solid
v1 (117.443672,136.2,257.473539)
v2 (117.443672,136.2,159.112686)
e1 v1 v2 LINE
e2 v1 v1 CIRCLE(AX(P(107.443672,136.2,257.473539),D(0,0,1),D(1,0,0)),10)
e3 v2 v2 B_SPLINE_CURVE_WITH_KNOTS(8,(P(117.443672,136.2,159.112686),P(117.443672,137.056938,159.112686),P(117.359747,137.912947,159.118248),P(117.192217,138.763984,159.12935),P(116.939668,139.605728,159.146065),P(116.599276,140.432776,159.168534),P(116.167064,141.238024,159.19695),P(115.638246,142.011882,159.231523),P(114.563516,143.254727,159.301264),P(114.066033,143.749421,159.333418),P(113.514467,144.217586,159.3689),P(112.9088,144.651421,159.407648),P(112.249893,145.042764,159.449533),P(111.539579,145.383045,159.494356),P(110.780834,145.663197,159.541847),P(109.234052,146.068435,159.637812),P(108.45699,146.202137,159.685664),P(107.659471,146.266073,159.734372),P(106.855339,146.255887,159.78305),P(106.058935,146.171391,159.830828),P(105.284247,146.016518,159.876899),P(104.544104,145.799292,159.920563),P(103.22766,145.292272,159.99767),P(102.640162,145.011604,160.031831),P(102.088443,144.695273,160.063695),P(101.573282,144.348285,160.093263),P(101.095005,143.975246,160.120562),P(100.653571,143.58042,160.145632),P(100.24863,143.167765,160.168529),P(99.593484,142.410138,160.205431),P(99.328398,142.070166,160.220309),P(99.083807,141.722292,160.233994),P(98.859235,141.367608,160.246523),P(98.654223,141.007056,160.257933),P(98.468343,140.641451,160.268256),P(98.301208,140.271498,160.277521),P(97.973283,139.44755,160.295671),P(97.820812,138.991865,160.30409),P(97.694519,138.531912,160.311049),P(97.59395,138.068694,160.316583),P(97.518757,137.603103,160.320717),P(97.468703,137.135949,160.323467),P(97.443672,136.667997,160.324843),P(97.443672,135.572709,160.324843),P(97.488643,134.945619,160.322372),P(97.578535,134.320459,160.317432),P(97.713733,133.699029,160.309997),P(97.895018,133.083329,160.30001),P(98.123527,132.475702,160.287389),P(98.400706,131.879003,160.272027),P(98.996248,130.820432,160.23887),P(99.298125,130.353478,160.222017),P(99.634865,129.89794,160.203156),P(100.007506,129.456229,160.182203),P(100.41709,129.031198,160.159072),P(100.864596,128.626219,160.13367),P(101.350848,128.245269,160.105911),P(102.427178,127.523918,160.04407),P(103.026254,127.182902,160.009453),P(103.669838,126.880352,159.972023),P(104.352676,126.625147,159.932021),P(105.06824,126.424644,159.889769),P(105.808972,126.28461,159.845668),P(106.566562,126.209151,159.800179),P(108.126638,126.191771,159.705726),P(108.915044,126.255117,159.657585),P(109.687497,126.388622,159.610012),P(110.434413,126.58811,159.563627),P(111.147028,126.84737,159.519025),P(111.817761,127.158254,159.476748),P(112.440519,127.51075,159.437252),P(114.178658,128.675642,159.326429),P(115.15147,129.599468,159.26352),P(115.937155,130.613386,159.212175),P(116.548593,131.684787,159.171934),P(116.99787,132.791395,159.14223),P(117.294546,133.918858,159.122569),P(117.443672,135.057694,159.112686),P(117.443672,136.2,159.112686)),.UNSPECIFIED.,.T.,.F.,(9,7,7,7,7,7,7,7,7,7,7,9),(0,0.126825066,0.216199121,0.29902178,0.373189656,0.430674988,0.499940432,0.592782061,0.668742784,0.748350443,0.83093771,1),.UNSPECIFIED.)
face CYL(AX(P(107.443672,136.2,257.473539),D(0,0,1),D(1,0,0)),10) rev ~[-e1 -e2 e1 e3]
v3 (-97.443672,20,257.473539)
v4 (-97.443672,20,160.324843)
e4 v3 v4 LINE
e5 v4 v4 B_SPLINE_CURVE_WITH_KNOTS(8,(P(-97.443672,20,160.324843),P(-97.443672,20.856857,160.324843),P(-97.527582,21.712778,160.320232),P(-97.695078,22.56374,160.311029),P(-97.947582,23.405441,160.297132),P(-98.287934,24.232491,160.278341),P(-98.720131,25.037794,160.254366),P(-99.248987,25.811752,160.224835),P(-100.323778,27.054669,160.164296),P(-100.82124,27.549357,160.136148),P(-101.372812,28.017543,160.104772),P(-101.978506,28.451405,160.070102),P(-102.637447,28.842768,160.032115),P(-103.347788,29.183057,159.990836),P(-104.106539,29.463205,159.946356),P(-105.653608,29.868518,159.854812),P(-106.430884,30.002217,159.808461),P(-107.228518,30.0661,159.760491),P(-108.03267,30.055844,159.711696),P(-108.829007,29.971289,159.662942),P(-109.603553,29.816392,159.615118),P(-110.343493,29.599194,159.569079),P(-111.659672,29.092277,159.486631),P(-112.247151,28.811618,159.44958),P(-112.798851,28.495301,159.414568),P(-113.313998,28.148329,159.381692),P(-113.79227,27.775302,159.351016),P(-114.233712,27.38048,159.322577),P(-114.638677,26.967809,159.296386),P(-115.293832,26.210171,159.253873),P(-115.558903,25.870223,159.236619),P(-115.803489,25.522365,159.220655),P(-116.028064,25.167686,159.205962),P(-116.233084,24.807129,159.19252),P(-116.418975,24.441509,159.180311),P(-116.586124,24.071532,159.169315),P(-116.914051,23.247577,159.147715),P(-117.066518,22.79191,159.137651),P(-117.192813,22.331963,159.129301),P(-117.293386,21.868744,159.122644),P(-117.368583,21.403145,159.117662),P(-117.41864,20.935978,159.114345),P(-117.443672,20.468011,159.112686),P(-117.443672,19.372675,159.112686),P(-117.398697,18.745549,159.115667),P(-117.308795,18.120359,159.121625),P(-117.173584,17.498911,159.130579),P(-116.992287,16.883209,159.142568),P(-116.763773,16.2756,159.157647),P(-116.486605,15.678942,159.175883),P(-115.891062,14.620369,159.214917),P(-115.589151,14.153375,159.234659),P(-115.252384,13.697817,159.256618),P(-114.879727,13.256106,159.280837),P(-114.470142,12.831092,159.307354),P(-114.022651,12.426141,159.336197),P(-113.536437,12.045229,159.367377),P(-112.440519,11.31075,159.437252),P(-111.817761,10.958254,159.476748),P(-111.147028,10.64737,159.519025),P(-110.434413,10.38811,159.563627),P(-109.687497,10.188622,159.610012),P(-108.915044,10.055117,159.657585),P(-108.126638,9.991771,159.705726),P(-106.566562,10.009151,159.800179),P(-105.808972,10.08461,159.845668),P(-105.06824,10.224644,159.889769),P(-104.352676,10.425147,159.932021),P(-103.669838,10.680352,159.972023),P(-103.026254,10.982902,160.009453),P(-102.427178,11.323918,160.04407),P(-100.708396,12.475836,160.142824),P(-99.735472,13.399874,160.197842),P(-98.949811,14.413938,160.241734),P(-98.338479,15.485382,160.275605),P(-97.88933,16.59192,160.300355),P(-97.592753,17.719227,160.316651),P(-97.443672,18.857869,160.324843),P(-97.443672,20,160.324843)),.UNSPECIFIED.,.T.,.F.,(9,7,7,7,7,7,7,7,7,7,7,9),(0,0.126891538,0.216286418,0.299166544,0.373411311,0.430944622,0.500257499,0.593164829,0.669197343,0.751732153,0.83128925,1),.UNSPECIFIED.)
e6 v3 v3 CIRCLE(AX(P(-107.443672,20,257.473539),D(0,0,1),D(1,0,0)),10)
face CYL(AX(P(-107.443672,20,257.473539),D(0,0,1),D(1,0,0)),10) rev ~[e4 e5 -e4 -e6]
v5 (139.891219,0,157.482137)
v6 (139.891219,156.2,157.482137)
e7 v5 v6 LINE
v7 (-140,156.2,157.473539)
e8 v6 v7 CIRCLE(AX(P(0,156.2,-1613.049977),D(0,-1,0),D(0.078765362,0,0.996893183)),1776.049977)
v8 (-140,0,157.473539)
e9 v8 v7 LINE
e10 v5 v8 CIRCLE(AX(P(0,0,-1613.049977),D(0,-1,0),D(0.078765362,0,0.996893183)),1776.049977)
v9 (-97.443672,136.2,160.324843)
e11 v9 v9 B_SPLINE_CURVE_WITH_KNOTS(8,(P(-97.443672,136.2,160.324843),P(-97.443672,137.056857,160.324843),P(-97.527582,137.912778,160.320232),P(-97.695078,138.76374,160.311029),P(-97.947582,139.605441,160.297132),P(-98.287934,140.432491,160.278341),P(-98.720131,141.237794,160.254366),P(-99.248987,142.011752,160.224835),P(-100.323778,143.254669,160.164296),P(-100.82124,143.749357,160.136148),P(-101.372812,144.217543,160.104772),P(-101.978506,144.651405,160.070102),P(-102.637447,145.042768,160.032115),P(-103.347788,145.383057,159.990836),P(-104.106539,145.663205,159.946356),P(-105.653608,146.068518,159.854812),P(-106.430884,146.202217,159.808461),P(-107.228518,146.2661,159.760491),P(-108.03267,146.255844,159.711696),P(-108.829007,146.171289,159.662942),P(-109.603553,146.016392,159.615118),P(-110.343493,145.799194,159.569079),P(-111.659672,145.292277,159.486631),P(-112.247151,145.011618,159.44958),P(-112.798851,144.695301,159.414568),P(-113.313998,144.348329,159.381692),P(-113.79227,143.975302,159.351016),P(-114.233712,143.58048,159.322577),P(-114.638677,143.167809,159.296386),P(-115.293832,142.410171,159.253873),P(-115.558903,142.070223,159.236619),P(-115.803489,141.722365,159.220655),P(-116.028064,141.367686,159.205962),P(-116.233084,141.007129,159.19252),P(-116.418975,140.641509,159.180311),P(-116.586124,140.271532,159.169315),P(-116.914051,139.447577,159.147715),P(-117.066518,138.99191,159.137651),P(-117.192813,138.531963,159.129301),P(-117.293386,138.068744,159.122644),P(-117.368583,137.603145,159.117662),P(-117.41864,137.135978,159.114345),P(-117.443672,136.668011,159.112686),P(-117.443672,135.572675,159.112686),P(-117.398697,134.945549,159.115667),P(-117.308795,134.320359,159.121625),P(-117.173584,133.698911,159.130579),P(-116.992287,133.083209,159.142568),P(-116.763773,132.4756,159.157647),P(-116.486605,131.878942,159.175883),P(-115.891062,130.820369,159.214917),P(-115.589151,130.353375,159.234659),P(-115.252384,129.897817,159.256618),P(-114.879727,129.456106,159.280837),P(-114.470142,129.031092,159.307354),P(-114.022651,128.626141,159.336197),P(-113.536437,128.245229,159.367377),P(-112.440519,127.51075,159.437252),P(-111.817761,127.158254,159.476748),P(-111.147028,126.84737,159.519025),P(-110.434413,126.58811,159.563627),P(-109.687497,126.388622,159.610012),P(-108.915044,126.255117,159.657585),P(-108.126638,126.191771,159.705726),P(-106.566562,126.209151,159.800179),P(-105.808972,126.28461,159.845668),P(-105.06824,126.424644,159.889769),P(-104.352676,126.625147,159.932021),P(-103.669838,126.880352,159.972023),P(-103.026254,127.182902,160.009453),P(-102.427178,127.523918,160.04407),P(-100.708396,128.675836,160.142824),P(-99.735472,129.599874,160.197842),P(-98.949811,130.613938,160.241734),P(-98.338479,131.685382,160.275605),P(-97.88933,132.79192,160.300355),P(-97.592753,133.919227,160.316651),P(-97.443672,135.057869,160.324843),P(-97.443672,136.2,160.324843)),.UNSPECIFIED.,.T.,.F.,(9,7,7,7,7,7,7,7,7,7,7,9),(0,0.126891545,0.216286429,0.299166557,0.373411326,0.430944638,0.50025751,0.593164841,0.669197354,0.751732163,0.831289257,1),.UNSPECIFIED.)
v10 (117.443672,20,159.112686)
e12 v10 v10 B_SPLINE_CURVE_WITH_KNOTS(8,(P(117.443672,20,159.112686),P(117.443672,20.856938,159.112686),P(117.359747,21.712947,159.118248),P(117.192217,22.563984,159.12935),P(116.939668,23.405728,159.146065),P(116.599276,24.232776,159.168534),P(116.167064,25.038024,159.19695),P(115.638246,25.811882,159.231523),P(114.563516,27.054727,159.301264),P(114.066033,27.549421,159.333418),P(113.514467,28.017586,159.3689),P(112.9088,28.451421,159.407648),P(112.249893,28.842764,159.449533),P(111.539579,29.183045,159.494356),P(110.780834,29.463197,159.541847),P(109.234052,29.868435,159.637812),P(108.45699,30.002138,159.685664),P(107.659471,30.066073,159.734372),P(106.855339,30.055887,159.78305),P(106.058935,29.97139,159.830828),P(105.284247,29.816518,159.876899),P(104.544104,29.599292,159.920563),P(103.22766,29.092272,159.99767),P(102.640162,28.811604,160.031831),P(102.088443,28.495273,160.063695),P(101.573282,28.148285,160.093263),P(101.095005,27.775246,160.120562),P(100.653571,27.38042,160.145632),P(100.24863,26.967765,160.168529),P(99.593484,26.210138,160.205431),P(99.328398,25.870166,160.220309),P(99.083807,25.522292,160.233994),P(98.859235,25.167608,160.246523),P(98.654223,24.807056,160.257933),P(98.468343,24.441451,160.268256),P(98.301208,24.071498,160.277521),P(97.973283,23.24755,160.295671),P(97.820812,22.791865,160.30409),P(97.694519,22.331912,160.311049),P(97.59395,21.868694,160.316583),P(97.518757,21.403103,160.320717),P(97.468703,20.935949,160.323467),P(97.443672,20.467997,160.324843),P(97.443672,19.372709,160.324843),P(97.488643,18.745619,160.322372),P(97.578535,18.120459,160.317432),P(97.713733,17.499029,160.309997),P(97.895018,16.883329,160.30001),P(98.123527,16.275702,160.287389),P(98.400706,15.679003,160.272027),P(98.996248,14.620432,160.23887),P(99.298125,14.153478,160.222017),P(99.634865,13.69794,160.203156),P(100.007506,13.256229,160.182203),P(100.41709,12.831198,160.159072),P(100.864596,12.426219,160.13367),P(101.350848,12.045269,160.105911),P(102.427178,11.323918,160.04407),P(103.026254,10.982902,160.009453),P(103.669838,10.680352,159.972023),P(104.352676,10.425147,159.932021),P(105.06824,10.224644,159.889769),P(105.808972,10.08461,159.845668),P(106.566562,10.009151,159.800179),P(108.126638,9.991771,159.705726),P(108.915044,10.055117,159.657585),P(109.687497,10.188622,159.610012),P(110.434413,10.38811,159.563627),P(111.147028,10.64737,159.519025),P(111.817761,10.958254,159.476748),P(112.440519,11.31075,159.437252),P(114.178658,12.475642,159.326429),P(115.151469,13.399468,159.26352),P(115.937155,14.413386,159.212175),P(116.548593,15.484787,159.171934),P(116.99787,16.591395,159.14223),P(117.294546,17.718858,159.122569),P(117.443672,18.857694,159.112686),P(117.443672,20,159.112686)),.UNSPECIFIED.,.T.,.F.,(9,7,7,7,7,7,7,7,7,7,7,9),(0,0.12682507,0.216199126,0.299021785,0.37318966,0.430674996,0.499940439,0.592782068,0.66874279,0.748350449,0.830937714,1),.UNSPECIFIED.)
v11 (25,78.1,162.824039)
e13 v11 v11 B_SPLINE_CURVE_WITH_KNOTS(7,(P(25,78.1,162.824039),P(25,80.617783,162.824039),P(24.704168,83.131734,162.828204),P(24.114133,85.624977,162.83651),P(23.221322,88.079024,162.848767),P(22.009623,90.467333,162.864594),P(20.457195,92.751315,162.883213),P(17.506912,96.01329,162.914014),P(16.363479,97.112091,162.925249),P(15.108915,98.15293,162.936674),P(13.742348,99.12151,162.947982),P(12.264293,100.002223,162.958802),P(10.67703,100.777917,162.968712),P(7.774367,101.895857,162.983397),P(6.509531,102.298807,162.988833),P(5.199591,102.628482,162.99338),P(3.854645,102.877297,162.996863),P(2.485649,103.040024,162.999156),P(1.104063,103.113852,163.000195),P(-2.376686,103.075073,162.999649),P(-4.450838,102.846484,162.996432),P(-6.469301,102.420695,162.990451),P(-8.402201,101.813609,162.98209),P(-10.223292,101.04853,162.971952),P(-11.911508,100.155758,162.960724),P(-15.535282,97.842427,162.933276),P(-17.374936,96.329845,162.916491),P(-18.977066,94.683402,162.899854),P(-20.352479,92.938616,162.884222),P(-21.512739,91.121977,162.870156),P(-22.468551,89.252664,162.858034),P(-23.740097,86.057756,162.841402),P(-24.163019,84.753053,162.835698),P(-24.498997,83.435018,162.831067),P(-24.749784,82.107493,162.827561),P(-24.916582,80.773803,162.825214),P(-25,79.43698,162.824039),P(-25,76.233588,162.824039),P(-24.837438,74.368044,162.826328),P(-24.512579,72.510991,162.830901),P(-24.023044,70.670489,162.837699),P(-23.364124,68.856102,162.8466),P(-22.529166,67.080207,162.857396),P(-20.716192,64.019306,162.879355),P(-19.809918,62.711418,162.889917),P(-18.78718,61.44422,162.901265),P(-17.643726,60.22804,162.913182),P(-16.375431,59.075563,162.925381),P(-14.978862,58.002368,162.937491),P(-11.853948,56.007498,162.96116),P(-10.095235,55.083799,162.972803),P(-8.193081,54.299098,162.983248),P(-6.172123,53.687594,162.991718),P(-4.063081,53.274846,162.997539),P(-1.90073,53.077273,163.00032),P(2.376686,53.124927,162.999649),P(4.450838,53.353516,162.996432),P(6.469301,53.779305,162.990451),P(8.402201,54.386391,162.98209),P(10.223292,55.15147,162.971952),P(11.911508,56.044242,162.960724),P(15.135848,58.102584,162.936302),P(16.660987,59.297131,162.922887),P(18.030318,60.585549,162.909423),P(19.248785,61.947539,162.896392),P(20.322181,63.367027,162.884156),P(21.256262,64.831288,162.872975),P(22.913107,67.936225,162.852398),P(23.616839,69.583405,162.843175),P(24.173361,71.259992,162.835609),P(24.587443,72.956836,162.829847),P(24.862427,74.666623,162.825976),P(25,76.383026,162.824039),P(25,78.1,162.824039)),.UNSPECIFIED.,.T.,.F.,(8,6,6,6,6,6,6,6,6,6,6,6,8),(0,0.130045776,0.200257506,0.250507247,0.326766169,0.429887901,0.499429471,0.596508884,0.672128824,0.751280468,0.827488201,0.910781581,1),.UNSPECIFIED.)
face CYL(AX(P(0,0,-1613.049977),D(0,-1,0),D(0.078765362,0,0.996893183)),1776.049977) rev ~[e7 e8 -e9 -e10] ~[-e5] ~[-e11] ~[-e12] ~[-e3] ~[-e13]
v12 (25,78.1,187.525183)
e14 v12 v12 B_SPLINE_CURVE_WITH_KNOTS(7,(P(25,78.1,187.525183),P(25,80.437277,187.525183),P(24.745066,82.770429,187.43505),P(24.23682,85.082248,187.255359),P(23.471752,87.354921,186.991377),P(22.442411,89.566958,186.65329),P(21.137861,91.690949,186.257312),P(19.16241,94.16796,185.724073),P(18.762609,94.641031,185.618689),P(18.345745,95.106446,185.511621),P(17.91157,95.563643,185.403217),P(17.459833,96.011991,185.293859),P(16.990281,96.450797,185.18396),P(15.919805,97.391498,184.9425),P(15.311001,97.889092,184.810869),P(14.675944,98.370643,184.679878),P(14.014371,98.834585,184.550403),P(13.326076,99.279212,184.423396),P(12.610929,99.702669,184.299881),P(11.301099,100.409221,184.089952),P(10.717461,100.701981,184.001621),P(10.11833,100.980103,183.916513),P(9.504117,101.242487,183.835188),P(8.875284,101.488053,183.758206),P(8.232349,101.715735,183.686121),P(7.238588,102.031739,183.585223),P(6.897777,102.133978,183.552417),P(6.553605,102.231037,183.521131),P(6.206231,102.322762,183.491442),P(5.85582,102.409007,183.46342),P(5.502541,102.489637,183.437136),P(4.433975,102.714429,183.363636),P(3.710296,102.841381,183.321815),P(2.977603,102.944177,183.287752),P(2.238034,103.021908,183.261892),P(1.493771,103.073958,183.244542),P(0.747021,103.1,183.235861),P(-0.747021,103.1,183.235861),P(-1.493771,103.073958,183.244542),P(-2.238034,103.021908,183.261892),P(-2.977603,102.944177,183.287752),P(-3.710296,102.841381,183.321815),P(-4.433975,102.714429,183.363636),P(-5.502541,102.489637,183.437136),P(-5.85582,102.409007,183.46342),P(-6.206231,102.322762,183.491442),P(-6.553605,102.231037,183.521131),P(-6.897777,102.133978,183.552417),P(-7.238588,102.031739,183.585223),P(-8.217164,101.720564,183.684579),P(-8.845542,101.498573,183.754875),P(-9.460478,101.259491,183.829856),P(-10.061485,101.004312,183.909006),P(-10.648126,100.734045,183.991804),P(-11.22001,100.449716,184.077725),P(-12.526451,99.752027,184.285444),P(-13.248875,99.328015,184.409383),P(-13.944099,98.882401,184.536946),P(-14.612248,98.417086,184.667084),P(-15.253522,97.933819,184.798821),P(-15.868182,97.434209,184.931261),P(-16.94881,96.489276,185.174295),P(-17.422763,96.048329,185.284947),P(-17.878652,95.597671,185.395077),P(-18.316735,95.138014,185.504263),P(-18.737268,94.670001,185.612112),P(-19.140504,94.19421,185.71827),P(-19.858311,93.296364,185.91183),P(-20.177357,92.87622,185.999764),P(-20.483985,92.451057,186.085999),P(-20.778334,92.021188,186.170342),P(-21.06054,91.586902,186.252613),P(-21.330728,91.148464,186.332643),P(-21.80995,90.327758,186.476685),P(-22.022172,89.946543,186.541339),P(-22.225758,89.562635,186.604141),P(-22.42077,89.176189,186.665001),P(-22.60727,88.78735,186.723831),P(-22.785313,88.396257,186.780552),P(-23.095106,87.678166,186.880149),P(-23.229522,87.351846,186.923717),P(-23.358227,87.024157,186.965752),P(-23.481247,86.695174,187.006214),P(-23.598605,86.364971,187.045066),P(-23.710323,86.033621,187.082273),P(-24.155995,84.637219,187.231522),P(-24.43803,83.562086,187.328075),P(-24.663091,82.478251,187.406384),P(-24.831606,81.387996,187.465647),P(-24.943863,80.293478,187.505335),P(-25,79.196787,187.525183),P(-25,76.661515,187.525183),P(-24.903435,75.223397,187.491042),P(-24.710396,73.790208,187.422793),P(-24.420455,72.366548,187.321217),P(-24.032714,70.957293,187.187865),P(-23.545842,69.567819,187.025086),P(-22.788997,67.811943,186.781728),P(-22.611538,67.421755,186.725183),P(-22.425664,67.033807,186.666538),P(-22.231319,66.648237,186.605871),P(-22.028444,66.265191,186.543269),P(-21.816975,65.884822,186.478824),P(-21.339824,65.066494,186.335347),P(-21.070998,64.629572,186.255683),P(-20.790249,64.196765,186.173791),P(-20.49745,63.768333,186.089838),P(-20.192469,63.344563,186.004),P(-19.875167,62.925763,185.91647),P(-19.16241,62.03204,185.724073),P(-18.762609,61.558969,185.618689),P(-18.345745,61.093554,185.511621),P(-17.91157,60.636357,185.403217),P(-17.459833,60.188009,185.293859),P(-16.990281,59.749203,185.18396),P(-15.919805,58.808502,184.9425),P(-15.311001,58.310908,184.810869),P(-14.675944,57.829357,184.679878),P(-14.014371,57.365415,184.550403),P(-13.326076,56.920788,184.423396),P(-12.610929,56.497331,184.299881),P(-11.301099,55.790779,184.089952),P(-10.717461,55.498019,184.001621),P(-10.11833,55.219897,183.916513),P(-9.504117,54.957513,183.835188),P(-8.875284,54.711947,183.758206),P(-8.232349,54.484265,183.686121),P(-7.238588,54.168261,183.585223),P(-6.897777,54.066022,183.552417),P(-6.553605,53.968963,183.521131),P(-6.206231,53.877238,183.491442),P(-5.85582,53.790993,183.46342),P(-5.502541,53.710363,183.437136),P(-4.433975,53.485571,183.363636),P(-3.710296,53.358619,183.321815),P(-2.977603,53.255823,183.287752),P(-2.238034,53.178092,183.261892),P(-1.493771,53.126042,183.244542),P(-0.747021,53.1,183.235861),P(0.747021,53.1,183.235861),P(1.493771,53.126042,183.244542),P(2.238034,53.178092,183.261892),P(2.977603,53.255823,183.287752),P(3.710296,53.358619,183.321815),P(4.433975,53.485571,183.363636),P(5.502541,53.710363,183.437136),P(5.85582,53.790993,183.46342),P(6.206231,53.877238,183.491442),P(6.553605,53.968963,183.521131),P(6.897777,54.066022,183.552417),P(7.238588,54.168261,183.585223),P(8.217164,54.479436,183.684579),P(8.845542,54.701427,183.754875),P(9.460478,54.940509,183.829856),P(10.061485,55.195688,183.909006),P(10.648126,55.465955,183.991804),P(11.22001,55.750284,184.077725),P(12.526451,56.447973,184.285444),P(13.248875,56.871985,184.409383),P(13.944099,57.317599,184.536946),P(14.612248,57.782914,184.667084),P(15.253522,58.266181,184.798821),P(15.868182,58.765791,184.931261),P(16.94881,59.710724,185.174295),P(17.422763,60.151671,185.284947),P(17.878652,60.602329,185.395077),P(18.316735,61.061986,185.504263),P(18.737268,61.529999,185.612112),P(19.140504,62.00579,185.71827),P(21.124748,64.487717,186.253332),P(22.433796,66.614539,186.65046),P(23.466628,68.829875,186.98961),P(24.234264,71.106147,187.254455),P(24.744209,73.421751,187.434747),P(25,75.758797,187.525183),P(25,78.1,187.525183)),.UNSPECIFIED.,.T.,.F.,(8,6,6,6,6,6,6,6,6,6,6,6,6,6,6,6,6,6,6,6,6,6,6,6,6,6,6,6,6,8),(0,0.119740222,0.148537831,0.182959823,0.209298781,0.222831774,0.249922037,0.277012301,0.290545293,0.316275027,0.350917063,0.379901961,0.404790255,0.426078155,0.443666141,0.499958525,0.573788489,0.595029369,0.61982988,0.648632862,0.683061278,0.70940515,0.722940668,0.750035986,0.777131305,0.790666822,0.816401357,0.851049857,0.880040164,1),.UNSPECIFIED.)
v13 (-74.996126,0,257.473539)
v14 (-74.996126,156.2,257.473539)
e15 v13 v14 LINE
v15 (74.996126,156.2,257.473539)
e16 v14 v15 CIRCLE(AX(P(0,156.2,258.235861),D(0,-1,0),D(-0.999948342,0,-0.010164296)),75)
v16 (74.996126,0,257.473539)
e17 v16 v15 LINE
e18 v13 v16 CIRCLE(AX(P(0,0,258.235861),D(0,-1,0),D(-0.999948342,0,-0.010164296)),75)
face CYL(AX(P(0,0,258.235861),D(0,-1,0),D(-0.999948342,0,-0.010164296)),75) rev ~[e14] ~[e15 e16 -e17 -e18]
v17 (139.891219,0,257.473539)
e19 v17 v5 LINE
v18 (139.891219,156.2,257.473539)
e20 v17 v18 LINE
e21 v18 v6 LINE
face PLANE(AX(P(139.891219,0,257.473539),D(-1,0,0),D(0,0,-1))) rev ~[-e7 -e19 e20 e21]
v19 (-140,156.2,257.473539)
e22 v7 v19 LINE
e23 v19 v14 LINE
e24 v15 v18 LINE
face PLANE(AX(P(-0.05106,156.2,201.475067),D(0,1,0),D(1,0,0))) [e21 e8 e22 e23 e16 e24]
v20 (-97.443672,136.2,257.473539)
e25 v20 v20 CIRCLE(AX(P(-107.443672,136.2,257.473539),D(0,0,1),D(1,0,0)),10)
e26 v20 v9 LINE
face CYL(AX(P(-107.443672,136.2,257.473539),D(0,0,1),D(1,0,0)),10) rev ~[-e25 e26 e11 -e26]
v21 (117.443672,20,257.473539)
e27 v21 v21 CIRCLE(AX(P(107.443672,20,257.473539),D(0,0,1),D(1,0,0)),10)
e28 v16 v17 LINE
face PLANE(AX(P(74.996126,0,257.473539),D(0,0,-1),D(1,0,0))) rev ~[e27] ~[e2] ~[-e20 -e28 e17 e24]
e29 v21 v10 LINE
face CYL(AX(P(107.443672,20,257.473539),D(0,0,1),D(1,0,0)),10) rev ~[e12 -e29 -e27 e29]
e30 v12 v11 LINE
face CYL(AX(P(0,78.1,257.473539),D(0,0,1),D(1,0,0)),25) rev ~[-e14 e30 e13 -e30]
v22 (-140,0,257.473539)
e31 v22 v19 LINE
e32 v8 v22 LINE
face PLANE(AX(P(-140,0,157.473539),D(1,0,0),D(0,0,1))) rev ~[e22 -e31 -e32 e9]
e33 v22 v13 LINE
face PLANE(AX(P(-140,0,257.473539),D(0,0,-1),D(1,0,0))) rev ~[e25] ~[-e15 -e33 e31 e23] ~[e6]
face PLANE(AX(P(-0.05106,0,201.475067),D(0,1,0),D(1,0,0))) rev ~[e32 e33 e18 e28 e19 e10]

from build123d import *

# Parameters (mm, degrees)
BOSS_EXTRUDE1_DEPTH = 156.2
SKETCH5_R           = 10
CUT_EXTRUDE1_DEPTH  = 101
SKETCH6_R           = 25
CUT_EXTRUDE2_DEPTH  = 101.0000001


with BuildPart() as part:
    # Sketch1 → Boss-Extrude1 (new body)
    with BuildSketch(Plane(origin=(0, 0, 0), x_dir=(1, 0, 0), z_dir=(0, 1, 0))):
        with BuildLine():
            ThreePointArc((139.891219134, -157.482137257), (-0.054560073, -162.999999162), (-140, -157.473539028))
            Line((-140, -157.473539028), (-140, -257.473539028))
            Line((-140, -257.473539028), (-74.996125665, -257.473539028))
            ThreePointArc((-74.996125665, -257.473539028), (0, -183.235861256), (74.996125665, -257.473539028))
            Line((74.996125665, -257.473539028), (139.891219134, -257.473539028))
            Line((139.891219134, -257.473539028), (139.891219134, -157.482137257))
        make_face()
    extrude(amount=BOSS_EXTRUDE1_DEPTH)

    # Sketch5 → Cut-Extrude1 (cut, through all)
    with BuildSketch(Plane.XY.offset(257.473539028)):
        with Locations((107.4436724, 136.2)):
            Circle(SKETCH5_R)
        with Locations((107.4436724, 20)):
            Circle(SKETCH5_R)
        with Locations((-107.4436724, 20)):
            Circle(SKETCH5_R)
        with Locations((-107.4436724, 136.2)):
            Circle(SKETCH5_R)
    extrude(amount=-CUT_EXTRUDE1_DEPTH, mode=Mode.SUBTRACT)

    # Sketch6 → Cut-Extrude2 (cut, through all)
    with BuildSketch(Plane.XY.offset(257.473539028)):
        with Locations((0, 78.1)):
            Circle(SKETCH6_R)
    extrude(amount=-CUT_EXTRUDE2_DEPTH, mode=Mode.SUBTRACT)


solid = part.part
